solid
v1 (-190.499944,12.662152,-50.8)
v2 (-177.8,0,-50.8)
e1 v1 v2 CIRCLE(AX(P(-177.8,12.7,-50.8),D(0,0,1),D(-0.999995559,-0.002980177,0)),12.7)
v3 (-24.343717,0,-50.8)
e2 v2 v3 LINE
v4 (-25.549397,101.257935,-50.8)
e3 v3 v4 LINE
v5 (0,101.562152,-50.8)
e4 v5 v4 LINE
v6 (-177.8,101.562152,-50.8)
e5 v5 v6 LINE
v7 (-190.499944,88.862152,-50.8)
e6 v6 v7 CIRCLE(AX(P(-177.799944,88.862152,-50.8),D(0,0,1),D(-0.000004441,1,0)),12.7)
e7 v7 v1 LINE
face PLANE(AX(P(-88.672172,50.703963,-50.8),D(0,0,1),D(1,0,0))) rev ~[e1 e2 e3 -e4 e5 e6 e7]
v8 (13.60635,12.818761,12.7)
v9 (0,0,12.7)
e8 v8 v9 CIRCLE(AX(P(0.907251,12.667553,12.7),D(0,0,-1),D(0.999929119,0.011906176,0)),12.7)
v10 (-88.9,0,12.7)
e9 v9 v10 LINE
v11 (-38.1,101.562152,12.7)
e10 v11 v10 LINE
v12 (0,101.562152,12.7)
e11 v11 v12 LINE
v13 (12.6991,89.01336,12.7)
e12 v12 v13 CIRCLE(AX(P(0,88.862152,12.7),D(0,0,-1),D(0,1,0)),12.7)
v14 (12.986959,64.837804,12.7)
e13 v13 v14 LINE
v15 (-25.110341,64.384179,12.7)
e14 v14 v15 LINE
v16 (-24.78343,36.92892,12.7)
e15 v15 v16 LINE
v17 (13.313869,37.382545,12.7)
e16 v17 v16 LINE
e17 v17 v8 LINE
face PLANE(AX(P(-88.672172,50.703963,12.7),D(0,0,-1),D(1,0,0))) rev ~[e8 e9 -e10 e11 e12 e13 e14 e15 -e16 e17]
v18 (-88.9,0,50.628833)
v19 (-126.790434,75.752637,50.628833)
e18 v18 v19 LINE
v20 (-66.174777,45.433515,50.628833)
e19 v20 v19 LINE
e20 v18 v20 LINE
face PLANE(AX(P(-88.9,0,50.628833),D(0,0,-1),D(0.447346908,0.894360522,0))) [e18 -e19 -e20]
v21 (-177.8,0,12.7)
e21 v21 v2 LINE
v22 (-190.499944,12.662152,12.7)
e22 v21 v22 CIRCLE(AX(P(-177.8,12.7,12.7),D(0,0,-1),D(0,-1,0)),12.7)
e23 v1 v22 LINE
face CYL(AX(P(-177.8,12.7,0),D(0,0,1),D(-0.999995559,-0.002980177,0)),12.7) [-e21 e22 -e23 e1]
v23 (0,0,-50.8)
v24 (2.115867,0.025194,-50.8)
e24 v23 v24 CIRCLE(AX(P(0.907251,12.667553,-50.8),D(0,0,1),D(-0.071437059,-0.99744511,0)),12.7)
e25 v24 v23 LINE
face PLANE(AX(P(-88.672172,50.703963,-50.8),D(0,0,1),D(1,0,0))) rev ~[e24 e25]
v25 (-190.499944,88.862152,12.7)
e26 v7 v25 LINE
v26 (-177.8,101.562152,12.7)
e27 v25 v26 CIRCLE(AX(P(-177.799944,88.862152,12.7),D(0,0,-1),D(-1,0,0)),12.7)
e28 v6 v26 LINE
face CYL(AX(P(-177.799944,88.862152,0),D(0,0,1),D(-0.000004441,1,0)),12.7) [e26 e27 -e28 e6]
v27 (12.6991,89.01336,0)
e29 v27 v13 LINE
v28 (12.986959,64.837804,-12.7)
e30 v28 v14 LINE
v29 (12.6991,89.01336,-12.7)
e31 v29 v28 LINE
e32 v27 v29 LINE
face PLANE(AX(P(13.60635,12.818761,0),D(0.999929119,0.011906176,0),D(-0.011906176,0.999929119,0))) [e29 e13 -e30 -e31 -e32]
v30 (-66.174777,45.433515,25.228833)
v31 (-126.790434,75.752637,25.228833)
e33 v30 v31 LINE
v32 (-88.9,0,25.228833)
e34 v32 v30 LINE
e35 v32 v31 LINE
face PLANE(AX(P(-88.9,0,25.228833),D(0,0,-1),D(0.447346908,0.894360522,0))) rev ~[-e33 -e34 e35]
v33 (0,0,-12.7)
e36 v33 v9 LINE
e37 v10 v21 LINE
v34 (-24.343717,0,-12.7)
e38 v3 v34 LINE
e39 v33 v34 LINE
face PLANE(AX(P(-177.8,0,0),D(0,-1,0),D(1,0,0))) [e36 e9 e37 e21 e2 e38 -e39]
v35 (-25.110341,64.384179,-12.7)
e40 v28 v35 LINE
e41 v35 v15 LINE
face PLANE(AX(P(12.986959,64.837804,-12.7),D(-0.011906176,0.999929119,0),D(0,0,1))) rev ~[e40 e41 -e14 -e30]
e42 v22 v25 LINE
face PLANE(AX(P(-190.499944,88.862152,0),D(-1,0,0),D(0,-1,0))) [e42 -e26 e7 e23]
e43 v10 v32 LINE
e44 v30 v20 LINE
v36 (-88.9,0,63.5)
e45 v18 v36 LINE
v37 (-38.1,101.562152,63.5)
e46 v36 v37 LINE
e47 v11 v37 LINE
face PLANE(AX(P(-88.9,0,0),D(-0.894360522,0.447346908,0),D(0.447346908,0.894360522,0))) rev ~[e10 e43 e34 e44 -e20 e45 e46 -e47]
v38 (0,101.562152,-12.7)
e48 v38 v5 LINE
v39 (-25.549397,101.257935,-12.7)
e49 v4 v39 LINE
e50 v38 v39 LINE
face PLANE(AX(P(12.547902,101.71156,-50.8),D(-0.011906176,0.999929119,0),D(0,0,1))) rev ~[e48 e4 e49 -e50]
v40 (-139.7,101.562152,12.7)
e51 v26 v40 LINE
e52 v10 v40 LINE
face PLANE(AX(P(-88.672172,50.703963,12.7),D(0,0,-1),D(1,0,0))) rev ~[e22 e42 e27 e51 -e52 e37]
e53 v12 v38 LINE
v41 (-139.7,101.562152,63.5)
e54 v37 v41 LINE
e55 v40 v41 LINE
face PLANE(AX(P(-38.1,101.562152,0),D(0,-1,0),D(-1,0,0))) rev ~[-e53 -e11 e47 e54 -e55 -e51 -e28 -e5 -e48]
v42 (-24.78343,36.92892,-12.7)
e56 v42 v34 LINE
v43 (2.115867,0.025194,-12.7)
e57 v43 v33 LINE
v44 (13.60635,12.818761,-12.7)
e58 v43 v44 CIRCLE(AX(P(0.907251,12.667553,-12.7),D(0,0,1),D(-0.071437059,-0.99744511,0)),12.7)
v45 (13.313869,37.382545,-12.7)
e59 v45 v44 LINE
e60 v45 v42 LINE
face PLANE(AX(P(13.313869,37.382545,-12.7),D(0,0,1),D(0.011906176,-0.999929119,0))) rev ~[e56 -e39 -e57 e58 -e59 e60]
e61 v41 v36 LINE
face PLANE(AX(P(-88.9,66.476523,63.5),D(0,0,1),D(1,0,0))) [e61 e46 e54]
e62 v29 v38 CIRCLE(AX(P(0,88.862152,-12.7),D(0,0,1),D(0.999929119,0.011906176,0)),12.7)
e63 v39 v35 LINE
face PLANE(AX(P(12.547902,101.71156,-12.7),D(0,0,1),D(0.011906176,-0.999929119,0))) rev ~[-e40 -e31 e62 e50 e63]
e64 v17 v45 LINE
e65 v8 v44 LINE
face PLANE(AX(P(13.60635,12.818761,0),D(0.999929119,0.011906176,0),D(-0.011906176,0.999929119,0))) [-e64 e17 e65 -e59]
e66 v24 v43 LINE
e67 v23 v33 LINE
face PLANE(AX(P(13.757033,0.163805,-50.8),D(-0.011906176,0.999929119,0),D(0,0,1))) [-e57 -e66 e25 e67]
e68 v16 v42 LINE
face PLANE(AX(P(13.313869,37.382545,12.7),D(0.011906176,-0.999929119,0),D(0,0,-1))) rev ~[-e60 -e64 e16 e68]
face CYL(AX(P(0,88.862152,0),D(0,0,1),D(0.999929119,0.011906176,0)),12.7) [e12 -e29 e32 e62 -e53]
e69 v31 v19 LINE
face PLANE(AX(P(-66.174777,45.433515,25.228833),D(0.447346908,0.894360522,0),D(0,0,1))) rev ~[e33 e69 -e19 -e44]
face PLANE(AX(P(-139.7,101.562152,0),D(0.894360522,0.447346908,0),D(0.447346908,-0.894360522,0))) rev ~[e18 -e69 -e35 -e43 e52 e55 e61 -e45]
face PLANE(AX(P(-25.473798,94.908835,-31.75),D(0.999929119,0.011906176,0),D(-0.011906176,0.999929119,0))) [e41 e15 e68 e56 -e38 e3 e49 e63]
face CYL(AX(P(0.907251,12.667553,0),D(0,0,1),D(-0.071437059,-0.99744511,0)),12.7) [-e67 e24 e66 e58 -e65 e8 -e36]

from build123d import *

# Parameters (mm, degrees)
F1_DEPTH = 50.8
F3_DEPTH = 63.5
F4_W     = 50.8
F4_H     = 25.4
F5_DEPTH = 136.301493178
F6_W     = 12.6990998109
F6_H     = 38.1
F6_W_2   = 12.6558531163
F7_DEPTH = 38.1


with BuildPart() as f1:
    # F0 (on Top) → F1 (new body)
    with BuildSketch(Plane.XY):
        with BuildLine():
            Line((-177.8, 0), (0, 0))
            ThreePointArc((0, 0), (9.6159869033, 3.4237488703), (13.6063504562, 12.8187613327))
            Line((13.6063504562, 12.8187613327), (12.6990998109, 89.0133601981))
            ThreePointArc((12.6990998109, 89.0133601981), (8.9266357829, 97.8957099488), (0, 101.5621517573))
            Line((0, 101.5621517573), (-177.8, 101.5621517573))
            ThreePointArc((-177.8, 101.5621517573), (-186.7802196632, 97.842387939), (-190.4999436027, 88.8621517574))
            Line((-190.4999436027, 88.8621517574), (-190.4999436027, 12.6621517574))
            ThreePointArc((-190.4999436027, 12.6621517574), (-186.766864762, 3.7063724593), (-177.8, 0))
        make_face()
    extrude(amount=-F1_DEPTH)

    # F2 (on face) + F1_face1 (on face) → F3 (join)
    with BuildSketch(Plane.XY):
        Polygon((-38.1, 101.5621517573), (-139.7, 101.5621517573), (-88.9, 0), align=None)
    with BuildSketch(Plane(origin=(-88.6706320233, 50.7338080348, -50.8), x_dir=(1, 0, 0), z_dir=(0, 0, -1))):
        with BuildLine():
            ThreePointArc((-89.1293679767, 50.7338080348), (-98.0962327387, 47.0274355755), (-101.8293115794, 38.0716562774))
            Line((-101.8293115794, 38.0716562774), (-101.8293115794, -38.1283437226))
            ThreePointArc((-101.8293115794, -38.1283437226), (-98.1095876399, -47.1085799042), (-89.1293679767, -50.8283437225))
            Line((-89.1293679767, -50.8283437225), (88.6706320233, -50.8283437225))
            ThreePointArc((88.6706320233, -50.8283437225), (97.5972678062, -47.161901914), (101.3697318342, -38.2795521634))
            Line((101.3697318342, -38.2795521634), (102.2769824795, 37.9150467021))
            ThreePointArc((102.2769824795, 37.9150467021), (98.2866189266, 47.3100591645), (88.6706320233, 50.7338080348))
            Line((88.6706320233, 50.7338080348), (-89.1293679767, 50.7338080348))
        make_face()
    extrude(amount=F3_DEPTH, dir=(0, 0, 1))

    # F4 (on face) → F5 (cut, through all)
    with BuildSketch(Plane(origin=(-71.109398148, 35.5679489201, 0), x_dir=(0.4473469078, 0.8943605224, 0), z_dir=(0.8943605224, -0.4473469078, 0))):
        with Locations((-14.3691401044, 37.928833447)):
            Rectangle(F4_W, F4_H)
    extrude(amount=-F5_DEPTH, mode=Mode.SUBTRACT)

    # F6 (on face) → F7 (cut)
    with BuildSketch(Plane(origin=(13.7570332765, 0.1638052763, 0), x_dir=(-0.0119061764, 0.999929119, 0), z_dir=(0.999929119, 0.0119061764, 0))):
        with Locations((95.2054030218, -31.75)):
            Rectangle(F6_W, F6_H)
        with Locations((6.3279265582, -31.75)):
            Rectangle(F6_W_2, F6_H)
        Polygon((64.6785830399, 12.7), (37.2213781047, 12.7), (37.2213781047, -12.7), (12.6558531163, -12.7), (12.6558531163, -50.8), (88.8558531163, -50.8), (88.8558531163, -12.7), (64.6785830399, -12.7), align=None)
    extrude(amount=-F7_DEPTH, mode=Mode.SUBTRACT)


solid = f1.part
